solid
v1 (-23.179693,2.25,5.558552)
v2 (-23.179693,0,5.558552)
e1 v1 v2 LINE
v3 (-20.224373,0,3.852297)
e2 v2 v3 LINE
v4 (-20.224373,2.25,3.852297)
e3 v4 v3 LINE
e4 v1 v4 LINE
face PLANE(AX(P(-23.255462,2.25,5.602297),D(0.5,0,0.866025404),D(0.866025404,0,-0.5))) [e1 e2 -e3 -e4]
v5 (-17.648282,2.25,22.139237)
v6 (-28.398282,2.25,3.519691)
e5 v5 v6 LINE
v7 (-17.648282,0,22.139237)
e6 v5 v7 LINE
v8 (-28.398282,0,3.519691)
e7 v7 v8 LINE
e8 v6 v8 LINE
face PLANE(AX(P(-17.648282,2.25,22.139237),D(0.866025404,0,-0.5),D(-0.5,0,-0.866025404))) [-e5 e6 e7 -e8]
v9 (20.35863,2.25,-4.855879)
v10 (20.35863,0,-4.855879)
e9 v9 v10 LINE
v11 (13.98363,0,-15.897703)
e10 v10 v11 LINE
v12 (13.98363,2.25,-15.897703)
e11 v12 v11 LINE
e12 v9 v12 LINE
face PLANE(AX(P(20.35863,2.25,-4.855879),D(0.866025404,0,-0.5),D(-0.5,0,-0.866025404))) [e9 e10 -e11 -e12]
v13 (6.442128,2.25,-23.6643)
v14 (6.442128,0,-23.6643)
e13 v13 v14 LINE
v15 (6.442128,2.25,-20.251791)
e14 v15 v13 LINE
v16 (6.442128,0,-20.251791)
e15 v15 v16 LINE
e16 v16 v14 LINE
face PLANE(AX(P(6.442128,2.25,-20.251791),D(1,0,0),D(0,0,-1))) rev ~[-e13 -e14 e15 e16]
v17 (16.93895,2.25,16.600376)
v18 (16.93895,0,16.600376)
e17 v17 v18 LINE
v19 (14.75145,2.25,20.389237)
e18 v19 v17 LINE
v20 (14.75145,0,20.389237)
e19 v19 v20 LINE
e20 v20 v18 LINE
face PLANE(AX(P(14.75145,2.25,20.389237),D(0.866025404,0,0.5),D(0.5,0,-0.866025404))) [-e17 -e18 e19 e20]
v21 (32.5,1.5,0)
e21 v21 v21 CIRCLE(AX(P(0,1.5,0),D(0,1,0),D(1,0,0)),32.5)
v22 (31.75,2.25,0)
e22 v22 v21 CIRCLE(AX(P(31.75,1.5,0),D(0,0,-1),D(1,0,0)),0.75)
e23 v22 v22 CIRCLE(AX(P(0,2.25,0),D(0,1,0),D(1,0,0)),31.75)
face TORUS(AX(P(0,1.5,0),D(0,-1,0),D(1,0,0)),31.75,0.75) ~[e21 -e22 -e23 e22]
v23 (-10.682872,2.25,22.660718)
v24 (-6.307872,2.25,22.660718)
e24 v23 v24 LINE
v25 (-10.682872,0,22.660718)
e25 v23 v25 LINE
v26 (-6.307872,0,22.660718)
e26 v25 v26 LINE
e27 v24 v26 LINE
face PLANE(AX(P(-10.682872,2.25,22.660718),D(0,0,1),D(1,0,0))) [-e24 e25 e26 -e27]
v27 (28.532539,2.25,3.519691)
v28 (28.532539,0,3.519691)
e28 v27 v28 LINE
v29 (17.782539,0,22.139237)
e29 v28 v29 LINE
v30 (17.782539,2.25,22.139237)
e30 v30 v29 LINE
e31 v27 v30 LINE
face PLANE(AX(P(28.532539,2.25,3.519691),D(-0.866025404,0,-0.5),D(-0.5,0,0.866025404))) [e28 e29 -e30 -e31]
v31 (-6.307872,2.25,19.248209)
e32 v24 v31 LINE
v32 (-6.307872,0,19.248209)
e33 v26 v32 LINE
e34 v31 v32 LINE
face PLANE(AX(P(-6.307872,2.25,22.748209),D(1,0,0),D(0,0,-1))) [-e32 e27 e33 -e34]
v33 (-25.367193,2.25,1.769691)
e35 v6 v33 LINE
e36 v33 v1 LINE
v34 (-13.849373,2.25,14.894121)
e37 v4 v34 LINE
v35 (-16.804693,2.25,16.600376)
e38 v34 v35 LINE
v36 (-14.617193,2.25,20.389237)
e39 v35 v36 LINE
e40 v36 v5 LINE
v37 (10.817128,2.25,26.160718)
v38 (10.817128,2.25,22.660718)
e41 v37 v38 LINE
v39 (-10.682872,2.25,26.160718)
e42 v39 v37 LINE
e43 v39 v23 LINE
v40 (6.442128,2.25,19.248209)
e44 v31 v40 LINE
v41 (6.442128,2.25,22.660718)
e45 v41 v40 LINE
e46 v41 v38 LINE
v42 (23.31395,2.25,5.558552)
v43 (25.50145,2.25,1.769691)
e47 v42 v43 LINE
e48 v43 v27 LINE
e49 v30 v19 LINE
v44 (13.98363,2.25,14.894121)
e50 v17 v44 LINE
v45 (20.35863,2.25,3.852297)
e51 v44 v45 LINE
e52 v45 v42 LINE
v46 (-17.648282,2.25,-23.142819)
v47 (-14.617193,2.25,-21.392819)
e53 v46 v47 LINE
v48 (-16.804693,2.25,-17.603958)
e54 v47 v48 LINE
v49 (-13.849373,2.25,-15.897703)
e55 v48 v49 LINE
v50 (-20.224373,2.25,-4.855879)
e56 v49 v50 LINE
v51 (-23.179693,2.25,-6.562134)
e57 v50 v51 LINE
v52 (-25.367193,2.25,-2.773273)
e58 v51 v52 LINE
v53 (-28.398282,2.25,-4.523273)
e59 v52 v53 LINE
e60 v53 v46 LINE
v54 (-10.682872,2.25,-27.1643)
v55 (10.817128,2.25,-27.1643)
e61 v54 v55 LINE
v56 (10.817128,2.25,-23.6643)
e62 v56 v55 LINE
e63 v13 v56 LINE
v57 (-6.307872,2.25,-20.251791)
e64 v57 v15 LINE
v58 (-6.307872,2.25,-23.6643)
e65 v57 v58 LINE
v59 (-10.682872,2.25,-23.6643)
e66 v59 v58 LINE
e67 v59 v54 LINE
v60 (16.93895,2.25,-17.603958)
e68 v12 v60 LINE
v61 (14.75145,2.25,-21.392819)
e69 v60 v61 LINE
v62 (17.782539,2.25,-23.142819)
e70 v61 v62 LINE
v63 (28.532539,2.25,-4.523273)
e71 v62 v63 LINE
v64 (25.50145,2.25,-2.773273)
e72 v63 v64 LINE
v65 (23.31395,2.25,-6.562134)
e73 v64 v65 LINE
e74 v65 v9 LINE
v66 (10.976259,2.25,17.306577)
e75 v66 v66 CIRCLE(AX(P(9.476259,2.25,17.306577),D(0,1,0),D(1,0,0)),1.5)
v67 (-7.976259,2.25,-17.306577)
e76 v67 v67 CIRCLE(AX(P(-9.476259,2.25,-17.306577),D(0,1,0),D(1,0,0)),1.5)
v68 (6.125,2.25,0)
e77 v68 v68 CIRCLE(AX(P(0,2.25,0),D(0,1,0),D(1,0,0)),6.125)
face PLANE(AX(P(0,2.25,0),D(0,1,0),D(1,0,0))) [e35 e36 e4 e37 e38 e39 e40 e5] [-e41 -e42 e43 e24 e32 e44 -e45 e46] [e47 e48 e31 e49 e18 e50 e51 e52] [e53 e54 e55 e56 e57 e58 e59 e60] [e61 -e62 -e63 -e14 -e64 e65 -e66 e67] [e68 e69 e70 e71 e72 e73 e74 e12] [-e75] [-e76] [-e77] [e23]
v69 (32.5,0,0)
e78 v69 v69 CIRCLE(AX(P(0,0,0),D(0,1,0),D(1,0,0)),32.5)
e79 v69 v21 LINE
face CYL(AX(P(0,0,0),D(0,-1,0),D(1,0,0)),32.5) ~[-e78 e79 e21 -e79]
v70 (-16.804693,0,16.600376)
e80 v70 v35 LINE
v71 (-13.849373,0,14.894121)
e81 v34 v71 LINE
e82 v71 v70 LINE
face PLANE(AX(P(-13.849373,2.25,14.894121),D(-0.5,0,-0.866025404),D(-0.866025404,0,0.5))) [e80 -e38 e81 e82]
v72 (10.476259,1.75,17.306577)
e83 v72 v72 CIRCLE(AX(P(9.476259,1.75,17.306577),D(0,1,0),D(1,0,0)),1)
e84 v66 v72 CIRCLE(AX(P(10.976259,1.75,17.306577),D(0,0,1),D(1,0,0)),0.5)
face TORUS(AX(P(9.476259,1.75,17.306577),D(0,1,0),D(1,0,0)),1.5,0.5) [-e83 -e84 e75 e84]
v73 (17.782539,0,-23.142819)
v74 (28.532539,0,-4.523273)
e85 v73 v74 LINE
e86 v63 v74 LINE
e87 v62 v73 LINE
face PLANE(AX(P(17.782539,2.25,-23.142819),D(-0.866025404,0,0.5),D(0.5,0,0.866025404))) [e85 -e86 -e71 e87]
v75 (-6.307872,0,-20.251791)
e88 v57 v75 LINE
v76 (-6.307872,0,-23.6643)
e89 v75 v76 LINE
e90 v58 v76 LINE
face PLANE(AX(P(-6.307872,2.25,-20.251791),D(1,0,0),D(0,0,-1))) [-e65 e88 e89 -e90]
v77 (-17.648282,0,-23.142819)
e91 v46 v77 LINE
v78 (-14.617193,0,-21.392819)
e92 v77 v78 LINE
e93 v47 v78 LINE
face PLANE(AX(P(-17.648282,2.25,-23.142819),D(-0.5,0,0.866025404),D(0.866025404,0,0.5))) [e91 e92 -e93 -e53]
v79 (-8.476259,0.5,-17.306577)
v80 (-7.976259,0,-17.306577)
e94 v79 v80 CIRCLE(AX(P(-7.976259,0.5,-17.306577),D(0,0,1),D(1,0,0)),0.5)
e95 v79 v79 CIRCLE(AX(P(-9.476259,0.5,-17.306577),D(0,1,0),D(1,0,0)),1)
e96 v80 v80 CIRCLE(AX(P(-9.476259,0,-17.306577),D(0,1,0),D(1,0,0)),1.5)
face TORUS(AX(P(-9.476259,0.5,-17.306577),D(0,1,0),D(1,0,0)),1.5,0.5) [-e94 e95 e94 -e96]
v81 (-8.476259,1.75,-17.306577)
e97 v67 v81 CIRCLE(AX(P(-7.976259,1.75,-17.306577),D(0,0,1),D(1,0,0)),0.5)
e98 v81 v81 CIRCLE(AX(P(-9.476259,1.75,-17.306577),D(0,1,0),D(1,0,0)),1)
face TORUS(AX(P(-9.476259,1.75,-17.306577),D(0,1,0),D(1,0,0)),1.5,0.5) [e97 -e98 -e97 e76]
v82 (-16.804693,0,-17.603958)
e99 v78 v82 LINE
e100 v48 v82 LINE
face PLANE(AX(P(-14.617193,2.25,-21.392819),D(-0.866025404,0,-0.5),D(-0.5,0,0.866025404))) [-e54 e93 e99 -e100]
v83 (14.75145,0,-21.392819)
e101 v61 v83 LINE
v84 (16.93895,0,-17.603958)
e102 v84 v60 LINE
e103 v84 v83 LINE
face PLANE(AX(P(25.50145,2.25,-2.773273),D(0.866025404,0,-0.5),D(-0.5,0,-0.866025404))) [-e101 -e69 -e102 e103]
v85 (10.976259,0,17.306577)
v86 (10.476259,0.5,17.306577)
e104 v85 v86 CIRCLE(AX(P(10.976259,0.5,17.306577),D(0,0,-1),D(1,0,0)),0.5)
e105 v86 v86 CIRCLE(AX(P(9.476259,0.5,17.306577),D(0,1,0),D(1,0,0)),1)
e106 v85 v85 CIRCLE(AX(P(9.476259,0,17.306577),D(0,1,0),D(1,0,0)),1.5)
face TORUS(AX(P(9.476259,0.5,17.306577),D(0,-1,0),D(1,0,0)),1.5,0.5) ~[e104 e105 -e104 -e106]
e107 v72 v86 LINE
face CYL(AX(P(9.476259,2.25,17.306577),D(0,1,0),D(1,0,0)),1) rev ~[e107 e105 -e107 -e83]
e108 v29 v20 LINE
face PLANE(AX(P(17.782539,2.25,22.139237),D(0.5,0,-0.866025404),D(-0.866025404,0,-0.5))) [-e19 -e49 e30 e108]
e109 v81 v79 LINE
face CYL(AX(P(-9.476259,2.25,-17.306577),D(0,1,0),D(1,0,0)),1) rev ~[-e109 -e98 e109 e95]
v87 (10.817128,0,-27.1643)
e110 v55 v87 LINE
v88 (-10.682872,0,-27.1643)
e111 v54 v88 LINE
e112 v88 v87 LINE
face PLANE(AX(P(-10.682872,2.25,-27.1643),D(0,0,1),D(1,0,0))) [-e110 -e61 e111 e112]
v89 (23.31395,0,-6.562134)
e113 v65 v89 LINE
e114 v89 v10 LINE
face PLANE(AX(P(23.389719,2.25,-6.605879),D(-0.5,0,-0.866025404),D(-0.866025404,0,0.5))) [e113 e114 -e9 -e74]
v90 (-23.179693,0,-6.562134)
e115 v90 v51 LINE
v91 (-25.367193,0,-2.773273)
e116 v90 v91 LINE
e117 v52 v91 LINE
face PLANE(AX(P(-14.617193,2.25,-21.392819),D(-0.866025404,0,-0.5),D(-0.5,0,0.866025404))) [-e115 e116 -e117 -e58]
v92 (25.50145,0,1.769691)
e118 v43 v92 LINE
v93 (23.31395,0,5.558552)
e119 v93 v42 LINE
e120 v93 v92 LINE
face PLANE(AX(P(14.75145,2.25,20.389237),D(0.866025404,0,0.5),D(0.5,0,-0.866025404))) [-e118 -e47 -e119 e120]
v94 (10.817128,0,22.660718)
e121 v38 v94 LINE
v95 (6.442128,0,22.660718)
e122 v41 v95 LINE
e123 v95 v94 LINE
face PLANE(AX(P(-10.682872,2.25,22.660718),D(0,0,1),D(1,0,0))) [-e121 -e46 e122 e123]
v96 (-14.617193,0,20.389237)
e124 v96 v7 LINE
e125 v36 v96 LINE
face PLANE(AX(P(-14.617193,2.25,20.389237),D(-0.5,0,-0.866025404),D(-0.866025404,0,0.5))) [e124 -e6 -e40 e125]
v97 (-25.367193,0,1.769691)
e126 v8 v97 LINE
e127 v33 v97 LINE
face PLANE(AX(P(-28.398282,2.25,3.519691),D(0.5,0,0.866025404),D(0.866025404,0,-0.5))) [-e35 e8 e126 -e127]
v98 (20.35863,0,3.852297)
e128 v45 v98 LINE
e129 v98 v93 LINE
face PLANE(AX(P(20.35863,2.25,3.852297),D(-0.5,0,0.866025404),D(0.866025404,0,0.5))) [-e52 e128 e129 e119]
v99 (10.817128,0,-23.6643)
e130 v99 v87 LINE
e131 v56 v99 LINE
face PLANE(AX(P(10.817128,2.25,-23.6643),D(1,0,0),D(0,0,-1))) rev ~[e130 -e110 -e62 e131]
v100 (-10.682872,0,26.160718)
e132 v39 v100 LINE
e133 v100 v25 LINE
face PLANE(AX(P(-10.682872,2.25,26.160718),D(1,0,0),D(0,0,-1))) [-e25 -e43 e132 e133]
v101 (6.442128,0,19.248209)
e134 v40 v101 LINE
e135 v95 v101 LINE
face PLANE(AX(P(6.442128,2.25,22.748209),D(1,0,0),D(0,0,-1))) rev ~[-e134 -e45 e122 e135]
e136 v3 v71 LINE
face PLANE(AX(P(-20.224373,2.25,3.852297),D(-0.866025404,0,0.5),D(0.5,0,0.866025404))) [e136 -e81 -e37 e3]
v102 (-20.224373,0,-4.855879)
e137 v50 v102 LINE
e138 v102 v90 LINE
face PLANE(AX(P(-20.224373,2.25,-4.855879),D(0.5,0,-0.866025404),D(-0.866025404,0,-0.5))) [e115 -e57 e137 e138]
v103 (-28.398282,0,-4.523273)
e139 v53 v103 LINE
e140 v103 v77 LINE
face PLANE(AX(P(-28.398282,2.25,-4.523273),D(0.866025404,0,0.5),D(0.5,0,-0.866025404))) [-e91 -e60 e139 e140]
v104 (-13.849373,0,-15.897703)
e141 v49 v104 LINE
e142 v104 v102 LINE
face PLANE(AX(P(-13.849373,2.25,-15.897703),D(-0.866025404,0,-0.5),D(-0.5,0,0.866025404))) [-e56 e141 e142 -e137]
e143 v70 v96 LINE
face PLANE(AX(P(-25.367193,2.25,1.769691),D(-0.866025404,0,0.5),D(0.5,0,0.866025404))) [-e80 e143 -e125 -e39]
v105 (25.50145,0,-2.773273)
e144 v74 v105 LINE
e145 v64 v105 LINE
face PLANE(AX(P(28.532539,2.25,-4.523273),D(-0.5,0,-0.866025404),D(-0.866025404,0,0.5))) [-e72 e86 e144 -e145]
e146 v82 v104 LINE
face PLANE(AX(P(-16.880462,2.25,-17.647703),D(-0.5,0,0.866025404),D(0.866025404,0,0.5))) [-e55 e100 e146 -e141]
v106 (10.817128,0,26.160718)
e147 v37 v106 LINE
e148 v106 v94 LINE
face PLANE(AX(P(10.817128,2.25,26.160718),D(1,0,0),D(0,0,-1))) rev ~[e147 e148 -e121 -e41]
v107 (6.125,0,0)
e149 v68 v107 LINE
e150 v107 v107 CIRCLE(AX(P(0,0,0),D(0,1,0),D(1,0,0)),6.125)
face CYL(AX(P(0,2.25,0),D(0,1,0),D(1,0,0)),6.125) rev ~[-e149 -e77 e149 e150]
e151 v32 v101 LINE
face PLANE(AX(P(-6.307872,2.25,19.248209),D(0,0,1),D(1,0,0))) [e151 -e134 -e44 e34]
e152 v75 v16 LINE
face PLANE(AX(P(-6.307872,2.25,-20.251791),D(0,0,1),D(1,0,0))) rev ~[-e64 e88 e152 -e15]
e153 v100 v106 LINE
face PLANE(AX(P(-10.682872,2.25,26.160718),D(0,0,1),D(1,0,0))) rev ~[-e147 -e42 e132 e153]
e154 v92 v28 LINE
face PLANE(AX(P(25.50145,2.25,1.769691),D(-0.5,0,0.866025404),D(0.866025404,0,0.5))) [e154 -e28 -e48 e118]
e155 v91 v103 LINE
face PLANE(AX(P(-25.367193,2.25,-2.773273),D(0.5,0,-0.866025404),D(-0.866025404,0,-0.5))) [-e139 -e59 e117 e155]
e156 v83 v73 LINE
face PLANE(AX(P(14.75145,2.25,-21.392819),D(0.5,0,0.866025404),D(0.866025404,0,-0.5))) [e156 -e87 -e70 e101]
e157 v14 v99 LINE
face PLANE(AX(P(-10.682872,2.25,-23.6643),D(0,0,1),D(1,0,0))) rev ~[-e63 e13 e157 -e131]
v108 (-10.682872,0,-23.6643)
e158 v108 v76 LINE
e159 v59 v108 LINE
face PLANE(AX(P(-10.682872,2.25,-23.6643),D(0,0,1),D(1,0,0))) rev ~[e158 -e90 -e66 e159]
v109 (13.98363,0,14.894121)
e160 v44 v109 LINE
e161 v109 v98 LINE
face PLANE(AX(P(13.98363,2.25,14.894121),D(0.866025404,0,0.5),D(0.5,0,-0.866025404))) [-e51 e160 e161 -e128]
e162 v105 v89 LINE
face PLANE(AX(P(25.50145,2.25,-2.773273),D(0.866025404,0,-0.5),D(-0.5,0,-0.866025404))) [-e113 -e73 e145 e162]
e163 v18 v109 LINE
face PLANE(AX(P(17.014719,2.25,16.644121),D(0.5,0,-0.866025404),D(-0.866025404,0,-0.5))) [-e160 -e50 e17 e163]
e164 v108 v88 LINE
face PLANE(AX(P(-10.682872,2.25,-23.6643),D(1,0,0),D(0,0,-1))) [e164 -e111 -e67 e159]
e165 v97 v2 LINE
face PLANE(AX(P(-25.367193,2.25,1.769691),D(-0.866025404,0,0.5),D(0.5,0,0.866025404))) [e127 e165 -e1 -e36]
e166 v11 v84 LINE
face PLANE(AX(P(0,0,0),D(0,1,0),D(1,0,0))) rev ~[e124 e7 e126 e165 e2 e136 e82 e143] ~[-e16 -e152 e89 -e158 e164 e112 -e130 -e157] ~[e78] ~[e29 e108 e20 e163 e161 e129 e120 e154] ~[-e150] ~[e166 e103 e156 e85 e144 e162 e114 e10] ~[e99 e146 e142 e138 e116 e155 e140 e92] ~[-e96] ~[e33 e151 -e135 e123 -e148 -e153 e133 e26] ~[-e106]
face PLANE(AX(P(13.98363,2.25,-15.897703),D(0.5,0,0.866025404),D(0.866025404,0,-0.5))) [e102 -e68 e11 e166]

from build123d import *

# Parameters (mm, degrees)
SKETCH1_R           = 32.5
BOSS_EXTRUDE1_DEPTH = 2.25
SKETCH15_W          = 12.75
SKETCH15_H          = 3.5
CUT_EXTRUDE6_DEPTH  = 17
SKETCH17_W          = 21.5
SKETCH17_H          = 3.5
CUT_EXTRUDE7_DEPTH  = 12
SKETCH19_R          = 1
CUT_EXTRUDE9_DEPTH  = 16
FILLET4_R           = 0.5
FILLET5_R           = 0.5
SKETCH21_R          = 6.125
CUT_EXTRUDE11_DEPTH = 13
FILLET8_R           = 0.75


with BuildPart() as part:
    # Sketch1 → Boss-Extrude1 (new body)
    with BuildSketch(Plane(origin=(0, 0, 0), x_dir=(1, 0, 0), z_dir=(0, 1, 0))):
        Circle(SKETCH1_R)
    extrude(amount=BOSS_EXTRUDE1_DEPTH)

    # Sketch15 → Cut-Extrude6 (cut)
    with BuildSketch(Plane(origin=(0.067128405, 2.25, -0.501790944), x_dir=(1, 0, 0), z_dir=(0, 1, 0))):
        Polygon((-13.916501725, 15.395911949), (-20.291501725, 4.354088051), (-23.322590638, 6.104088051), (-16.947590638, 17.145911949), align=None)
        with Locations((0, 21.5)):
            Rectangle(SKETCH15_W, SKETCH15_H)
        Polygon((-20.291501725, -4.354088051), (-13.916501725, -15.395911949), (-16.947590638, -17.145911949), (-23.322590638, -6.104088051), align=None)
        with Locations((0, -21.5)):
            Rectangle(SKETCH15_W, SKETCH15_H)
        Polygon((13.916501725, -15.395911949), (20.291501725, -4.354088051), (23.322590638, -6.104088051), (16.947590638, -17.145911949), align=None)
        Polygon((20.291501725, 4.354088051), (13.916501725, 15.395911949), (16.947590638, 17.145911949), (23.322590638, 6.104088051), align=None)
    extrude(amount=-CUT_EXTRUDE6_DEPTH, mode=Mode.SUBTRACT)

    # Sketch17 → Cut-Extrude7 (cut)
    with BuildSketch(Plane(origin=(0.067128405, 2.25, -0.501790944), x_dir=(1, 0, 0), z_dir=(0, 1, 0))):
        Polygon((-17.715410458, -22.641027784), (-28.465410458, -4.021481603), (-25.434321545, -2.271481603), (-14.684321545, -20.891027784), align=None)
        with Locations((0, -24.912509387)):
            Rectangle(SKETCH17_W, SKETCH17_H)
        Polygon((-28.465410458, 4.021481603), (-17.715410458, 22.641027784), (-14.684321545, 20.891027784), (-25.434321545, 2.271481603), align=None)
        with Locations((0, 24.912509387)):
            Rectangle(SKETCH17_W, SKETCH17_H)
        Polygon((17.715410458, 22.641027784), (28.465410458, 4.021481603), (25.434321545, 2.271481603), (14.684321545, 20.891027784), align=None)
        Polygon((28.465410458, -4.021481603), (17.715410458, -22.641027784), (14.684321545, -20.891027784), (25.434321545, -2.271481603), align=None)
    extrude(amount=-CUT_EXTRUDE7_DEPTH, mode=Mode.SUBTRACT)

    # Sketch19 → Cut-Extrude9 (cut)
    with BuildSketch(Plane(origin=(0, 2.25, 0), x_dir=(1, 0, 0), z_dir=(0, 1, 0))):
        with Locations((-9.476258541, 17.306577458)):
            Circle(SKETCH19_R)
        with Locations((9.476258541, -17.306577458)):
            Circle(SKETCH19_R)
    extrude(amount=-CUT_EXTRUDE9_DEPTH, mode=Mode.SUBTRACT)

    # Fillet4
    fillet4_edges = [part.edges().sort_by_distance(p)[0] for p in [
        (-10.476258541, 2.25, -17.306577458),
        (8.476258541, 2.25, 17.306577458),
    ]]
    fillet(fillet4_edges, radius=FILLET4_R)

    # Fillet5
    fillet5_edges = [part.edges().sort_by_distance(p)[0] for p in [
        (-10.476258541, 0, -17.306577458),
        (8.476258541, 0, 17.306577458),
    ]]
    fillet(fillet5_edges, radius=FILLET5_R)

    # Sketch21 → Cut-Extrude11 (cut)
    with BuildSketch(Plane(origin=(0, 2.25, 0), x_dir=(1, 0, 0), z_dir=(0, 1, 0))):
        Circle(SKETCH21_R)
    extrude(amount=-CUT_EXTRUDE11_DEPTH, mode=Mode.SUBTRACT)

    # Fillet8
    fillet8_edges = [part.edges().sort_by_distance(p)[0] for p in [
        (-32.5, 2.25, 0),
    ]]
    fillet(fillet8_edges, radius=FILLET8_R)


solid = part.part
